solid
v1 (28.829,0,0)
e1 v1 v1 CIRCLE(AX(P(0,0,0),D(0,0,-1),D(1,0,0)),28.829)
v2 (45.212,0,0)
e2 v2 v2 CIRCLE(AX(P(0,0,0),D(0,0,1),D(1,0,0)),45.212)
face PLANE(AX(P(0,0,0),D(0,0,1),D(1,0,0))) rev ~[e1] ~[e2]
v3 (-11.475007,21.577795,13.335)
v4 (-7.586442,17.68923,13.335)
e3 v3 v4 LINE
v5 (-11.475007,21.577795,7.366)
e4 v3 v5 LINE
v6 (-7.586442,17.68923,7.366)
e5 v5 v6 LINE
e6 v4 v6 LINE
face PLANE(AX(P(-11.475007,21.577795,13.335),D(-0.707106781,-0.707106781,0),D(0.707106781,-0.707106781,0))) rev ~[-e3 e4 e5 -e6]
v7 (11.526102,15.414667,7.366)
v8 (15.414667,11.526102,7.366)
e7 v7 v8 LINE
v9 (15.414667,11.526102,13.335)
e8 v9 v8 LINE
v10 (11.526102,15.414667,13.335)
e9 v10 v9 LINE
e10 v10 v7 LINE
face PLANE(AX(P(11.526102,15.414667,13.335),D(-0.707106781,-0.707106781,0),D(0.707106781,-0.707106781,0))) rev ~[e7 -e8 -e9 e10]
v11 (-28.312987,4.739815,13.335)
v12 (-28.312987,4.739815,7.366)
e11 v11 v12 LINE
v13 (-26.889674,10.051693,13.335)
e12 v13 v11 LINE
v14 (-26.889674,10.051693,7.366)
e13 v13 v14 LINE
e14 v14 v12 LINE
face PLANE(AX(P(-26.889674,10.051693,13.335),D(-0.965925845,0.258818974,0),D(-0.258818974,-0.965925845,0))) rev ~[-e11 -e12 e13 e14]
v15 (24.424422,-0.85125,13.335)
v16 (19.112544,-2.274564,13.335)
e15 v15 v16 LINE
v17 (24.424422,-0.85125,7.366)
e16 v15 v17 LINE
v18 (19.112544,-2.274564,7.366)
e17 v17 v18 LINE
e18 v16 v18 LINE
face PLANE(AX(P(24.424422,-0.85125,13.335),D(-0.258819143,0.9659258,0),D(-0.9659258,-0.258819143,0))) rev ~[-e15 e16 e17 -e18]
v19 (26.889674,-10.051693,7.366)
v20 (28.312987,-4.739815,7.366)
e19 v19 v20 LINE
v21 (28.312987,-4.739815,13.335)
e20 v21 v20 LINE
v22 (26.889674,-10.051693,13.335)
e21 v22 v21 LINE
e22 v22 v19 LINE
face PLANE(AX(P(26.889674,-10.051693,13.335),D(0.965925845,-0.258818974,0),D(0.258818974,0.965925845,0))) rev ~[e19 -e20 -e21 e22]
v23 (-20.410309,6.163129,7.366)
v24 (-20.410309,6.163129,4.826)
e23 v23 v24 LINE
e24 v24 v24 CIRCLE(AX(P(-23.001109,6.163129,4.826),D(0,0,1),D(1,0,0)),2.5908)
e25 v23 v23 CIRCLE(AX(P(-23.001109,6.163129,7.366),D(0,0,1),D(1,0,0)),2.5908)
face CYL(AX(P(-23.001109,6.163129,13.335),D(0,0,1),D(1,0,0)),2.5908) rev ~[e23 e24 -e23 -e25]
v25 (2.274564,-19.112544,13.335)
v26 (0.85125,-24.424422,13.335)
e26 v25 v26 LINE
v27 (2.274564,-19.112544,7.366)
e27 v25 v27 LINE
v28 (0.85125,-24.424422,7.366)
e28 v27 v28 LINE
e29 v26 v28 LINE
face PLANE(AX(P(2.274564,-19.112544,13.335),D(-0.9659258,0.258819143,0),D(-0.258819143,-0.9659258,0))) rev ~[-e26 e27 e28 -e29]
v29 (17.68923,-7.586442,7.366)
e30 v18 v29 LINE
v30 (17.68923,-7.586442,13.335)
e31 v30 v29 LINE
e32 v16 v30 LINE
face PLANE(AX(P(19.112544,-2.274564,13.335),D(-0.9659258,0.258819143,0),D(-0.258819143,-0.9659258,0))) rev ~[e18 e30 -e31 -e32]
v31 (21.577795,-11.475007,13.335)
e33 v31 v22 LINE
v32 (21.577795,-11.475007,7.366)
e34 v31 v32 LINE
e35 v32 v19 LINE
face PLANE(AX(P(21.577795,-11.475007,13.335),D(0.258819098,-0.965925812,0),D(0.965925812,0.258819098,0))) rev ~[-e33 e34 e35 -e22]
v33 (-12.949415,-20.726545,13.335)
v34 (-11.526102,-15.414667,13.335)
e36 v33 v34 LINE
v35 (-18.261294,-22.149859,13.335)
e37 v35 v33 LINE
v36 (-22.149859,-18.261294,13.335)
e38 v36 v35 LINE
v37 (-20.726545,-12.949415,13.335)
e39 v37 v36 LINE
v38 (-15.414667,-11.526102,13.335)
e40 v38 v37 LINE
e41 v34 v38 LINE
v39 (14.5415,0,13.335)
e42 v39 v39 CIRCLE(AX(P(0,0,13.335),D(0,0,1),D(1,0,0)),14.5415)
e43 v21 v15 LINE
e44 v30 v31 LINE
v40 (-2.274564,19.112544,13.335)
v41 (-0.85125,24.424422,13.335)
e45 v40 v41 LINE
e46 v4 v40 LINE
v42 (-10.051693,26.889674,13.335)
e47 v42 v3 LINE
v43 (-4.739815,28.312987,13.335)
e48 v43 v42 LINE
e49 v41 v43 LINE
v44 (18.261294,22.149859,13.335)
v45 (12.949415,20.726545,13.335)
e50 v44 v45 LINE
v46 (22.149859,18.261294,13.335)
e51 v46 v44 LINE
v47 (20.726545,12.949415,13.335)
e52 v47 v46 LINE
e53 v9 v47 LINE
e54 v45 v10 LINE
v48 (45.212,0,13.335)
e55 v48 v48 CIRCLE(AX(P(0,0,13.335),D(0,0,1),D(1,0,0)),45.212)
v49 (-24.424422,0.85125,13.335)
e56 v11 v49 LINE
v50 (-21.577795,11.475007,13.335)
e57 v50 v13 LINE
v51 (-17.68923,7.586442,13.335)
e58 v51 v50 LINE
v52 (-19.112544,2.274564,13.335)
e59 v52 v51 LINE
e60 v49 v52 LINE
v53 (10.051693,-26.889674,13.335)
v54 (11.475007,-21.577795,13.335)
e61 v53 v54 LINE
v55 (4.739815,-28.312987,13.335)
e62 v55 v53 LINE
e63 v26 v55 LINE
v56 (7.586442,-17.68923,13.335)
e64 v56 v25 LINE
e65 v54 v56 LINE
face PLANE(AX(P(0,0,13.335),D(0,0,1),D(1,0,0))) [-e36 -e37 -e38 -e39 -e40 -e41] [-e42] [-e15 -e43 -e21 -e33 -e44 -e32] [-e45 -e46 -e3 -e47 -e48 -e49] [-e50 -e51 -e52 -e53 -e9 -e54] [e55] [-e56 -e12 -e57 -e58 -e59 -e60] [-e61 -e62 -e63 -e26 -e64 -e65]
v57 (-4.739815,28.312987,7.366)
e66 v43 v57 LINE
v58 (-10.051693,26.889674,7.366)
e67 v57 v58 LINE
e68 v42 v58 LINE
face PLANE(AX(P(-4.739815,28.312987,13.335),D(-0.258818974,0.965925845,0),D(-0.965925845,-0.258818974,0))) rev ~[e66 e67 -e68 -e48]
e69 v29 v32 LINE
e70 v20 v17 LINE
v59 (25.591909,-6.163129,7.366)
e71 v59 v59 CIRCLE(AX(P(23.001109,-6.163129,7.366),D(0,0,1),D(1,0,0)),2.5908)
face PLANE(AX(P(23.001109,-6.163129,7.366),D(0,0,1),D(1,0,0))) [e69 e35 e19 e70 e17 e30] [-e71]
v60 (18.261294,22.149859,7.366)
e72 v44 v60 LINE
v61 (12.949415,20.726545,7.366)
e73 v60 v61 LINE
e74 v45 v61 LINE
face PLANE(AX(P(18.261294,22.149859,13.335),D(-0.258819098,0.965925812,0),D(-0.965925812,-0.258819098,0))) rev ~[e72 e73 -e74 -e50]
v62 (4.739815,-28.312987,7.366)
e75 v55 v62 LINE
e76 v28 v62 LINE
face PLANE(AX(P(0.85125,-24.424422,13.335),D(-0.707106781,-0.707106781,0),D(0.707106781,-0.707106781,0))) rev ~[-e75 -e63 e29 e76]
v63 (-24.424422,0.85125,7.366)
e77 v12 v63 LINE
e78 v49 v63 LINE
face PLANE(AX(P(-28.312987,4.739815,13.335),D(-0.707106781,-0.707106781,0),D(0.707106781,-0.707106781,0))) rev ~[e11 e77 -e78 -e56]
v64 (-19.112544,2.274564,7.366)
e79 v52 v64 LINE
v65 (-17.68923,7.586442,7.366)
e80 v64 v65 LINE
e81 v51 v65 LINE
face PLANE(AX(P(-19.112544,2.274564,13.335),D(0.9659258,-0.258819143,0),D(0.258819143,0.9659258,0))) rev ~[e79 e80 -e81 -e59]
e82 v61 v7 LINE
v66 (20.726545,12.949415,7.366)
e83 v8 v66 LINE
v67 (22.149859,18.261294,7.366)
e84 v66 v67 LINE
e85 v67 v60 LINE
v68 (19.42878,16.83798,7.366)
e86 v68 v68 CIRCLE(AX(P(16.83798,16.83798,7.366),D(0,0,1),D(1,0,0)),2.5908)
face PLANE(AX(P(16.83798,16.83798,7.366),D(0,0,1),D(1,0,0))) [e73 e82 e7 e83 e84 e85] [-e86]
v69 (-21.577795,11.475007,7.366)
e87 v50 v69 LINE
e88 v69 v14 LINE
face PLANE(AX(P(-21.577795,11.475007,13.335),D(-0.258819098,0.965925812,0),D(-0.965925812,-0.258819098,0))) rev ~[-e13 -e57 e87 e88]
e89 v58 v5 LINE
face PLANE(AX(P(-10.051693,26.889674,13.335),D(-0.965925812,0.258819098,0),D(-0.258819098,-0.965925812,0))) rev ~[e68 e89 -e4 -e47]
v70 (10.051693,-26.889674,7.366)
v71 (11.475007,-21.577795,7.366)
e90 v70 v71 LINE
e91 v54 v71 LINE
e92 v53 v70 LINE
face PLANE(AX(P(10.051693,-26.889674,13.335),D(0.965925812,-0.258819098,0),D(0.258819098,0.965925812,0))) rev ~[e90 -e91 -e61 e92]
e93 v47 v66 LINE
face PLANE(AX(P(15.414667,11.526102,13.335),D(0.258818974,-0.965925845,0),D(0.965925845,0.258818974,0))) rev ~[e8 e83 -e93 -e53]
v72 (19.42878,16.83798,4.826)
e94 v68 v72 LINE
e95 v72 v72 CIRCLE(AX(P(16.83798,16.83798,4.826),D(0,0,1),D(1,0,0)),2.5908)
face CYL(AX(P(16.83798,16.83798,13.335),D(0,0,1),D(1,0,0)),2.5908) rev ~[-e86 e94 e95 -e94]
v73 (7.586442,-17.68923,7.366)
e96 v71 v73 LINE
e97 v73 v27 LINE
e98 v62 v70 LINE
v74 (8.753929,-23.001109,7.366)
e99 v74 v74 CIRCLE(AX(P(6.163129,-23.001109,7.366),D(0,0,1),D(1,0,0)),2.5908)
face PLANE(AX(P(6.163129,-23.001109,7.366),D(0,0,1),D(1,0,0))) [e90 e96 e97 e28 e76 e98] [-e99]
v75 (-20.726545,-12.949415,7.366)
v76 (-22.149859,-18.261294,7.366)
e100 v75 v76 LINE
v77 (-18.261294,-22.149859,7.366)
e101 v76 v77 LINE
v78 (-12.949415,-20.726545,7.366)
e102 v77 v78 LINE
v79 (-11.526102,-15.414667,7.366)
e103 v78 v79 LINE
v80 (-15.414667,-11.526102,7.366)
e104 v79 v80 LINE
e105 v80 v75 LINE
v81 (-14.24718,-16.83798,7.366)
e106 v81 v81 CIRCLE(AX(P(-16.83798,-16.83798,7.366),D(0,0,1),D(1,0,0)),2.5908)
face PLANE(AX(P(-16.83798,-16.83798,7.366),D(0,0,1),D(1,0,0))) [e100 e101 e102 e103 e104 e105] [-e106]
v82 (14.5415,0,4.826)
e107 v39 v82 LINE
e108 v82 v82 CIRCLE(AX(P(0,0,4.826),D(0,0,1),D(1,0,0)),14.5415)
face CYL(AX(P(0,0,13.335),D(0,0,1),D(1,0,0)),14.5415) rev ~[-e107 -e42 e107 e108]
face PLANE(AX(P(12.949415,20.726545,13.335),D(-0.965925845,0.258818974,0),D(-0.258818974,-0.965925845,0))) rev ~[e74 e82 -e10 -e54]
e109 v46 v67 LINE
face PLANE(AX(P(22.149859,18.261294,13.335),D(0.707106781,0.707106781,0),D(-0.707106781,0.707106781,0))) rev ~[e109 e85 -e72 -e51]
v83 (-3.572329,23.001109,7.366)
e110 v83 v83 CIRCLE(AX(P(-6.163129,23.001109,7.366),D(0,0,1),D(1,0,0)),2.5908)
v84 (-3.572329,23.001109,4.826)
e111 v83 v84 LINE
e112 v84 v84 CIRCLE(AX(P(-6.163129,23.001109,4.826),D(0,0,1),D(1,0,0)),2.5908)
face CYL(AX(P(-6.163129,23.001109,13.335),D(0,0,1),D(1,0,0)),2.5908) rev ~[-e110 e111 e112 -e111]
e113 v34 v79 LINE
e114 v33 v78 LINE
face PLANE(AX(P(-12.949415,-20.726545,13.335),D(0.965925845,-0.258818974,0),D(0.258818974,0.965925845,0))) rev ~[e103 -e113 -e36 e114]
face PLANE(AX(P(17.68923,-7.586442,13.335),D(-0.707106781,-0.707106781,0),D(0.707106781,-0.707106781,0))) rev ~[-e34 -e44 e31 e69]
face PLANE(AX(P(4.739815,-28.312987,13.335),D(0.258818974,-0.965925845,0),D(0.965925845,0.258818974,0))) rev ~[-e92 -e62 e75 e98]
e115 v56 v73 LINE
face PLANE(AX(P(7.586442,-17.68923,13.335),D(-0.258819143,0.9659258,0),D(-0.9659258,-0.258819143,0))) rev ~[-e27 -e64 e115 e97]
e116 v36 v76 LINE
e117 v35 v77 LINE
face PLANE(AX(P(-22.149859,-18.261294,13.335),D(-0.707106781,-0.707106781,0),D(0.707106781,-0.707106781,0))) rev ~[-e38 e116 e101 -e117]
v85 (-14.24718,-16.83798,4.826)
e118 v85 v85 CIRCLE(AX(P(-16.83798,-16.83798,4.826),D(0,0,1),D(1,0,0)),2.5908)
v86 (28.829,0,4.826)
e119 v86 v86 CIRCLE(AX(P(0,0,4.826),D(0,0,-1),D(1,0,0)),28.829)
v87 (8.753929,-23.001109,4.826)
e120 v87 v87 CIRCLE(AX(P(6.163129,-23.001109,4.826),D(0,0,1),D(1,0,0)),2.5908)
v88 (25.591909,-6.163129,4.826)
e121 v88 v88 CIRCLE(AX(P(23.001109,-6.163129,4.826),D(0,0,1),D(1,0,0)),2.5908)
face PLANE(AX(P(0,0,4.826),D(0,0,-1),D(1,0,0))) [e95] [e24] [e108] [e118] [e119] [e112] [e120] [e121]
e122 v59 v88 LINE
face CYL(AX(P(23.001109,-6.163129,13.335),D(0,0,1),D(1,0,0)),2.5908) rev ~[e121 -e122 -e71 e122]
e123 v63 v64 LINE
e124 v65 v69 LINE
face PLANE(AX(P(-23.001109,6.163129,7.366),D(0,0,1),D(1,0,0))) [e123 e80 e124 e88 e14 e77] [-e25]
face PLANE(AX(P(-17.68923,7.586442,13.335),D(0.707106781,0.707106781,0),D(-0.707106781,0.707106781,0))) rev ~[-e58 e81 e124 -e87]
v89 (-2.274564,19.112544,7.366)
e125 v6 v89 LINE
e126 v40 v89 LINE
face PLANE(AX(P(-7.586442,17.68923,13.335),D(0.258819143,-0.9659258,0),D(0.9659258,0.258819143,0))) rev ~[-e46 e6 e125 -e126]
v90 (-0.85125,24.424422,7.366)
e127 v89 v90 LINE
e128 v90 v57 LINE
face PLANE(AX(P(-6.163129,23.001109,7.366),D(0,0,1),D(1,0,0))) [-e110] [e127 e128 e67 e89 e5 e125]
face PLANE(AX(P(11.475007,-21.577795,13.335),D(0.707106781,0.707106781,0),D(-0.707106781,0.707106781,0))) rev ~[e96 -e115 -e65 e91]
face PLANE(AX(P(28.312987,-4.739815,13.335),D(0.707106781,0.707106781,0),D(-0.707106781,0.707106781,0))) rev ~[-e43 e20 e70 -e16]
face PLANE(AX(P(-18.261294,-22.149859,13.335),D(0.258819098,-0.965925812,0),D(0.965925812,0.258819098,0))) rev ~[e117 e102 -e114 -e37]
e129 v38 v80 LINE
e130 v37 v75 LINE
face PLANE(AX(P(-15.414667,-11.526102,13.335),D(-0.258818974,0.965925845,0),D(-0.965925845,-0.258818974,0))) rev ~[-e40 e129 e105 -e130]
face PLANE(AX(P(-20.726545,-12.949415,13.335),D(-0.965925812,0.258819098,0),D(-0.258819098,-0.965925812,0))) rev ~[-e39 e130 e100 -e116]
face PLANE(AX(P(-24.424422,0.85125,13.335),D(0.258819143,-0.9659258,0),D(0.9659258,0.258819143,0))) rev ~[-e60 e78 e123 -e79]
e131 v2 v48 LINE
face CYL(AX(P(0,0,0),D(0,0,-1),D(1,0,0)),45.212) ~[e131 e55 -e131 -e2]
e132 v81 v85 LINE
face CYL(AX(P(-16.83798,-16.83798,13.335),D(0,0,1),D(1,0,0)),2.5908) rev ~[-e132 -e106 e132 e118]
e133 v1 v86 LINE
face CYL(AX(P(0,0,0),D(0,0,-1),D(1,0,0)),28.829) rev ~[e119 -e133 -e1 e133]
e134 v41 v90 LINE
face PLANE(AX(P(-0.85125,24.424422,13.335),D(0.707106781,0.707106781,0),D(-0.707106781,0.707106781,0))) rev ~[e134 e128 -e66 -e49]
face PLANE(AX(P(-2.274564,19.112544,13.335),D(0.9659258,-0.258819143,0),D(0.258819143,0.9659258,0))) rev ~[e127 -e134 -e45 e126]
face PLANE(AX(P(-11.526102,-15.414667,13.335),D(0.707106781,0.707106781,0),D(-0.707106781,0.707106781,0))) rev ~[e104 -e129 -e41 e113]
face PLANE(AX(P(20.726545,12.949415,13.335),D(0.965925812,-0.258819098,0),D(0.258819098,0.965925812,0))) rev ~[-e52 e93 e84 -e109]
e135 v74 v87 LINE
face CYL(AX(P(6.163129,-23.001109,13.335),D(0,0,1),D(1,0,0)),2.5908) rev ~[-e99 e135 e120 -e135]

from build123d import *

# Parameters (mm, degrees)
F0_R     = 45.212
F1_DEPTH = 13.335
F2_R     = 2.5908
F3_DEPTH = 25.4
F4_R     = 14.5415
F5_DEPTH = 25.4
F7_DEPTH = 5.969
F8_R     = 28.829
F9_DEPTH = 4.826


with BuildPart() as f1:
    # F0 (on Top) → F1 (new body)
    with BuildSketch(Plane.XY):
        Circle(F0_R)
    extrude(amount=F1_DEPTH)

    # F2 (on face) → F3 (cut)
    with BuildSketch(Plane.XY.offset(13.335)):
        with Locations((-6.163129, 23.001109)):
            Circle(F2_R)
        with Locations((-23.001109, 6.163129)):
            Circle(F2_R)
        with Locations((-16.83798, -16.83798)):
            Circle(F2_R)
        with Locations((6.163129, -23.001109)):
            Circle(F2_R)
        with Locations((23.001109, -6.163129)):
            Circle(F2_R)
        with Locations((16.83798, 16.83798)):
            Circle(F2_R)
    extrude(amount=-F3_DEPTH, mode=Mode.SUBTRACT)

    # F4 (on face) → F5 (cut)
    with BuildSketch(Plane.XY.offset(13.335)):
        Circle(F4_R)
    extrude(amount=-F5_DEPTH, mode=Mode.SUBTRACT)

    # F6 (on face) → F7 (cut)
    with BuildSketch(Plane.XY.offset(13.335)):
        Polygon((-4.739815, 28.312987), (-10.051693, 26.889674), (-11.475007, 21.577795), (-7.586442, 17.68923), (-2.274564, 19.112544), (-0.85125, 24.424422), align=None)
        Polygon((22.149859, 18.261294), (18.261294, 22.149859), (12.949415, 20.726545), (11.526102, 15.414667), (15.414667, 11.526102), (20.726545, 12.949415), align=None)
        Polygon((26.889674, -10.051693), (28.312987, -4.739815), (24.424422, -0.85125), (19.112544, -2.274564), (17.68923, -7.586442), (21.577795, -11.475007), align=None)
        Polygon((4.739815, -28.312987), (10.051693, -26.889674), (11.475007, -21.577795), (7.586442, -17.68923), (2.274564, -19.112544), (0.85125, -24.424422), align=None)
        Polygon((-22.149859, -18.261294), (-18.261294, -22.149859), (-12.949415, -20.726545), (-11.526102, -15.414667), (-15.414667, -11.526102), (-20.726545, -12.949415), align=None)
        Polygon((-26.889674, 10.051693), (-28.312987, 4.739815), (-24.424422, 0.85125), (-19.112544, 2.274564), (-17.68923, 7.586442), (-21.577795, 11.475007), align=None)
    extrude(amount=-F7_DEPTH, mode=Mode.SUBTRACT)

    # F8 (on face) → F9 (cut)
    with BuildSketch(Plane(origin=(0, 0, 0), x_dir=(1, 0, 0), z_dir=(0, 0, -1))):
        Circle(F8_R)
    extrude(amount=-F9_DEPTH, mode=Mode.SUBTRACT)


solid = f1.part
